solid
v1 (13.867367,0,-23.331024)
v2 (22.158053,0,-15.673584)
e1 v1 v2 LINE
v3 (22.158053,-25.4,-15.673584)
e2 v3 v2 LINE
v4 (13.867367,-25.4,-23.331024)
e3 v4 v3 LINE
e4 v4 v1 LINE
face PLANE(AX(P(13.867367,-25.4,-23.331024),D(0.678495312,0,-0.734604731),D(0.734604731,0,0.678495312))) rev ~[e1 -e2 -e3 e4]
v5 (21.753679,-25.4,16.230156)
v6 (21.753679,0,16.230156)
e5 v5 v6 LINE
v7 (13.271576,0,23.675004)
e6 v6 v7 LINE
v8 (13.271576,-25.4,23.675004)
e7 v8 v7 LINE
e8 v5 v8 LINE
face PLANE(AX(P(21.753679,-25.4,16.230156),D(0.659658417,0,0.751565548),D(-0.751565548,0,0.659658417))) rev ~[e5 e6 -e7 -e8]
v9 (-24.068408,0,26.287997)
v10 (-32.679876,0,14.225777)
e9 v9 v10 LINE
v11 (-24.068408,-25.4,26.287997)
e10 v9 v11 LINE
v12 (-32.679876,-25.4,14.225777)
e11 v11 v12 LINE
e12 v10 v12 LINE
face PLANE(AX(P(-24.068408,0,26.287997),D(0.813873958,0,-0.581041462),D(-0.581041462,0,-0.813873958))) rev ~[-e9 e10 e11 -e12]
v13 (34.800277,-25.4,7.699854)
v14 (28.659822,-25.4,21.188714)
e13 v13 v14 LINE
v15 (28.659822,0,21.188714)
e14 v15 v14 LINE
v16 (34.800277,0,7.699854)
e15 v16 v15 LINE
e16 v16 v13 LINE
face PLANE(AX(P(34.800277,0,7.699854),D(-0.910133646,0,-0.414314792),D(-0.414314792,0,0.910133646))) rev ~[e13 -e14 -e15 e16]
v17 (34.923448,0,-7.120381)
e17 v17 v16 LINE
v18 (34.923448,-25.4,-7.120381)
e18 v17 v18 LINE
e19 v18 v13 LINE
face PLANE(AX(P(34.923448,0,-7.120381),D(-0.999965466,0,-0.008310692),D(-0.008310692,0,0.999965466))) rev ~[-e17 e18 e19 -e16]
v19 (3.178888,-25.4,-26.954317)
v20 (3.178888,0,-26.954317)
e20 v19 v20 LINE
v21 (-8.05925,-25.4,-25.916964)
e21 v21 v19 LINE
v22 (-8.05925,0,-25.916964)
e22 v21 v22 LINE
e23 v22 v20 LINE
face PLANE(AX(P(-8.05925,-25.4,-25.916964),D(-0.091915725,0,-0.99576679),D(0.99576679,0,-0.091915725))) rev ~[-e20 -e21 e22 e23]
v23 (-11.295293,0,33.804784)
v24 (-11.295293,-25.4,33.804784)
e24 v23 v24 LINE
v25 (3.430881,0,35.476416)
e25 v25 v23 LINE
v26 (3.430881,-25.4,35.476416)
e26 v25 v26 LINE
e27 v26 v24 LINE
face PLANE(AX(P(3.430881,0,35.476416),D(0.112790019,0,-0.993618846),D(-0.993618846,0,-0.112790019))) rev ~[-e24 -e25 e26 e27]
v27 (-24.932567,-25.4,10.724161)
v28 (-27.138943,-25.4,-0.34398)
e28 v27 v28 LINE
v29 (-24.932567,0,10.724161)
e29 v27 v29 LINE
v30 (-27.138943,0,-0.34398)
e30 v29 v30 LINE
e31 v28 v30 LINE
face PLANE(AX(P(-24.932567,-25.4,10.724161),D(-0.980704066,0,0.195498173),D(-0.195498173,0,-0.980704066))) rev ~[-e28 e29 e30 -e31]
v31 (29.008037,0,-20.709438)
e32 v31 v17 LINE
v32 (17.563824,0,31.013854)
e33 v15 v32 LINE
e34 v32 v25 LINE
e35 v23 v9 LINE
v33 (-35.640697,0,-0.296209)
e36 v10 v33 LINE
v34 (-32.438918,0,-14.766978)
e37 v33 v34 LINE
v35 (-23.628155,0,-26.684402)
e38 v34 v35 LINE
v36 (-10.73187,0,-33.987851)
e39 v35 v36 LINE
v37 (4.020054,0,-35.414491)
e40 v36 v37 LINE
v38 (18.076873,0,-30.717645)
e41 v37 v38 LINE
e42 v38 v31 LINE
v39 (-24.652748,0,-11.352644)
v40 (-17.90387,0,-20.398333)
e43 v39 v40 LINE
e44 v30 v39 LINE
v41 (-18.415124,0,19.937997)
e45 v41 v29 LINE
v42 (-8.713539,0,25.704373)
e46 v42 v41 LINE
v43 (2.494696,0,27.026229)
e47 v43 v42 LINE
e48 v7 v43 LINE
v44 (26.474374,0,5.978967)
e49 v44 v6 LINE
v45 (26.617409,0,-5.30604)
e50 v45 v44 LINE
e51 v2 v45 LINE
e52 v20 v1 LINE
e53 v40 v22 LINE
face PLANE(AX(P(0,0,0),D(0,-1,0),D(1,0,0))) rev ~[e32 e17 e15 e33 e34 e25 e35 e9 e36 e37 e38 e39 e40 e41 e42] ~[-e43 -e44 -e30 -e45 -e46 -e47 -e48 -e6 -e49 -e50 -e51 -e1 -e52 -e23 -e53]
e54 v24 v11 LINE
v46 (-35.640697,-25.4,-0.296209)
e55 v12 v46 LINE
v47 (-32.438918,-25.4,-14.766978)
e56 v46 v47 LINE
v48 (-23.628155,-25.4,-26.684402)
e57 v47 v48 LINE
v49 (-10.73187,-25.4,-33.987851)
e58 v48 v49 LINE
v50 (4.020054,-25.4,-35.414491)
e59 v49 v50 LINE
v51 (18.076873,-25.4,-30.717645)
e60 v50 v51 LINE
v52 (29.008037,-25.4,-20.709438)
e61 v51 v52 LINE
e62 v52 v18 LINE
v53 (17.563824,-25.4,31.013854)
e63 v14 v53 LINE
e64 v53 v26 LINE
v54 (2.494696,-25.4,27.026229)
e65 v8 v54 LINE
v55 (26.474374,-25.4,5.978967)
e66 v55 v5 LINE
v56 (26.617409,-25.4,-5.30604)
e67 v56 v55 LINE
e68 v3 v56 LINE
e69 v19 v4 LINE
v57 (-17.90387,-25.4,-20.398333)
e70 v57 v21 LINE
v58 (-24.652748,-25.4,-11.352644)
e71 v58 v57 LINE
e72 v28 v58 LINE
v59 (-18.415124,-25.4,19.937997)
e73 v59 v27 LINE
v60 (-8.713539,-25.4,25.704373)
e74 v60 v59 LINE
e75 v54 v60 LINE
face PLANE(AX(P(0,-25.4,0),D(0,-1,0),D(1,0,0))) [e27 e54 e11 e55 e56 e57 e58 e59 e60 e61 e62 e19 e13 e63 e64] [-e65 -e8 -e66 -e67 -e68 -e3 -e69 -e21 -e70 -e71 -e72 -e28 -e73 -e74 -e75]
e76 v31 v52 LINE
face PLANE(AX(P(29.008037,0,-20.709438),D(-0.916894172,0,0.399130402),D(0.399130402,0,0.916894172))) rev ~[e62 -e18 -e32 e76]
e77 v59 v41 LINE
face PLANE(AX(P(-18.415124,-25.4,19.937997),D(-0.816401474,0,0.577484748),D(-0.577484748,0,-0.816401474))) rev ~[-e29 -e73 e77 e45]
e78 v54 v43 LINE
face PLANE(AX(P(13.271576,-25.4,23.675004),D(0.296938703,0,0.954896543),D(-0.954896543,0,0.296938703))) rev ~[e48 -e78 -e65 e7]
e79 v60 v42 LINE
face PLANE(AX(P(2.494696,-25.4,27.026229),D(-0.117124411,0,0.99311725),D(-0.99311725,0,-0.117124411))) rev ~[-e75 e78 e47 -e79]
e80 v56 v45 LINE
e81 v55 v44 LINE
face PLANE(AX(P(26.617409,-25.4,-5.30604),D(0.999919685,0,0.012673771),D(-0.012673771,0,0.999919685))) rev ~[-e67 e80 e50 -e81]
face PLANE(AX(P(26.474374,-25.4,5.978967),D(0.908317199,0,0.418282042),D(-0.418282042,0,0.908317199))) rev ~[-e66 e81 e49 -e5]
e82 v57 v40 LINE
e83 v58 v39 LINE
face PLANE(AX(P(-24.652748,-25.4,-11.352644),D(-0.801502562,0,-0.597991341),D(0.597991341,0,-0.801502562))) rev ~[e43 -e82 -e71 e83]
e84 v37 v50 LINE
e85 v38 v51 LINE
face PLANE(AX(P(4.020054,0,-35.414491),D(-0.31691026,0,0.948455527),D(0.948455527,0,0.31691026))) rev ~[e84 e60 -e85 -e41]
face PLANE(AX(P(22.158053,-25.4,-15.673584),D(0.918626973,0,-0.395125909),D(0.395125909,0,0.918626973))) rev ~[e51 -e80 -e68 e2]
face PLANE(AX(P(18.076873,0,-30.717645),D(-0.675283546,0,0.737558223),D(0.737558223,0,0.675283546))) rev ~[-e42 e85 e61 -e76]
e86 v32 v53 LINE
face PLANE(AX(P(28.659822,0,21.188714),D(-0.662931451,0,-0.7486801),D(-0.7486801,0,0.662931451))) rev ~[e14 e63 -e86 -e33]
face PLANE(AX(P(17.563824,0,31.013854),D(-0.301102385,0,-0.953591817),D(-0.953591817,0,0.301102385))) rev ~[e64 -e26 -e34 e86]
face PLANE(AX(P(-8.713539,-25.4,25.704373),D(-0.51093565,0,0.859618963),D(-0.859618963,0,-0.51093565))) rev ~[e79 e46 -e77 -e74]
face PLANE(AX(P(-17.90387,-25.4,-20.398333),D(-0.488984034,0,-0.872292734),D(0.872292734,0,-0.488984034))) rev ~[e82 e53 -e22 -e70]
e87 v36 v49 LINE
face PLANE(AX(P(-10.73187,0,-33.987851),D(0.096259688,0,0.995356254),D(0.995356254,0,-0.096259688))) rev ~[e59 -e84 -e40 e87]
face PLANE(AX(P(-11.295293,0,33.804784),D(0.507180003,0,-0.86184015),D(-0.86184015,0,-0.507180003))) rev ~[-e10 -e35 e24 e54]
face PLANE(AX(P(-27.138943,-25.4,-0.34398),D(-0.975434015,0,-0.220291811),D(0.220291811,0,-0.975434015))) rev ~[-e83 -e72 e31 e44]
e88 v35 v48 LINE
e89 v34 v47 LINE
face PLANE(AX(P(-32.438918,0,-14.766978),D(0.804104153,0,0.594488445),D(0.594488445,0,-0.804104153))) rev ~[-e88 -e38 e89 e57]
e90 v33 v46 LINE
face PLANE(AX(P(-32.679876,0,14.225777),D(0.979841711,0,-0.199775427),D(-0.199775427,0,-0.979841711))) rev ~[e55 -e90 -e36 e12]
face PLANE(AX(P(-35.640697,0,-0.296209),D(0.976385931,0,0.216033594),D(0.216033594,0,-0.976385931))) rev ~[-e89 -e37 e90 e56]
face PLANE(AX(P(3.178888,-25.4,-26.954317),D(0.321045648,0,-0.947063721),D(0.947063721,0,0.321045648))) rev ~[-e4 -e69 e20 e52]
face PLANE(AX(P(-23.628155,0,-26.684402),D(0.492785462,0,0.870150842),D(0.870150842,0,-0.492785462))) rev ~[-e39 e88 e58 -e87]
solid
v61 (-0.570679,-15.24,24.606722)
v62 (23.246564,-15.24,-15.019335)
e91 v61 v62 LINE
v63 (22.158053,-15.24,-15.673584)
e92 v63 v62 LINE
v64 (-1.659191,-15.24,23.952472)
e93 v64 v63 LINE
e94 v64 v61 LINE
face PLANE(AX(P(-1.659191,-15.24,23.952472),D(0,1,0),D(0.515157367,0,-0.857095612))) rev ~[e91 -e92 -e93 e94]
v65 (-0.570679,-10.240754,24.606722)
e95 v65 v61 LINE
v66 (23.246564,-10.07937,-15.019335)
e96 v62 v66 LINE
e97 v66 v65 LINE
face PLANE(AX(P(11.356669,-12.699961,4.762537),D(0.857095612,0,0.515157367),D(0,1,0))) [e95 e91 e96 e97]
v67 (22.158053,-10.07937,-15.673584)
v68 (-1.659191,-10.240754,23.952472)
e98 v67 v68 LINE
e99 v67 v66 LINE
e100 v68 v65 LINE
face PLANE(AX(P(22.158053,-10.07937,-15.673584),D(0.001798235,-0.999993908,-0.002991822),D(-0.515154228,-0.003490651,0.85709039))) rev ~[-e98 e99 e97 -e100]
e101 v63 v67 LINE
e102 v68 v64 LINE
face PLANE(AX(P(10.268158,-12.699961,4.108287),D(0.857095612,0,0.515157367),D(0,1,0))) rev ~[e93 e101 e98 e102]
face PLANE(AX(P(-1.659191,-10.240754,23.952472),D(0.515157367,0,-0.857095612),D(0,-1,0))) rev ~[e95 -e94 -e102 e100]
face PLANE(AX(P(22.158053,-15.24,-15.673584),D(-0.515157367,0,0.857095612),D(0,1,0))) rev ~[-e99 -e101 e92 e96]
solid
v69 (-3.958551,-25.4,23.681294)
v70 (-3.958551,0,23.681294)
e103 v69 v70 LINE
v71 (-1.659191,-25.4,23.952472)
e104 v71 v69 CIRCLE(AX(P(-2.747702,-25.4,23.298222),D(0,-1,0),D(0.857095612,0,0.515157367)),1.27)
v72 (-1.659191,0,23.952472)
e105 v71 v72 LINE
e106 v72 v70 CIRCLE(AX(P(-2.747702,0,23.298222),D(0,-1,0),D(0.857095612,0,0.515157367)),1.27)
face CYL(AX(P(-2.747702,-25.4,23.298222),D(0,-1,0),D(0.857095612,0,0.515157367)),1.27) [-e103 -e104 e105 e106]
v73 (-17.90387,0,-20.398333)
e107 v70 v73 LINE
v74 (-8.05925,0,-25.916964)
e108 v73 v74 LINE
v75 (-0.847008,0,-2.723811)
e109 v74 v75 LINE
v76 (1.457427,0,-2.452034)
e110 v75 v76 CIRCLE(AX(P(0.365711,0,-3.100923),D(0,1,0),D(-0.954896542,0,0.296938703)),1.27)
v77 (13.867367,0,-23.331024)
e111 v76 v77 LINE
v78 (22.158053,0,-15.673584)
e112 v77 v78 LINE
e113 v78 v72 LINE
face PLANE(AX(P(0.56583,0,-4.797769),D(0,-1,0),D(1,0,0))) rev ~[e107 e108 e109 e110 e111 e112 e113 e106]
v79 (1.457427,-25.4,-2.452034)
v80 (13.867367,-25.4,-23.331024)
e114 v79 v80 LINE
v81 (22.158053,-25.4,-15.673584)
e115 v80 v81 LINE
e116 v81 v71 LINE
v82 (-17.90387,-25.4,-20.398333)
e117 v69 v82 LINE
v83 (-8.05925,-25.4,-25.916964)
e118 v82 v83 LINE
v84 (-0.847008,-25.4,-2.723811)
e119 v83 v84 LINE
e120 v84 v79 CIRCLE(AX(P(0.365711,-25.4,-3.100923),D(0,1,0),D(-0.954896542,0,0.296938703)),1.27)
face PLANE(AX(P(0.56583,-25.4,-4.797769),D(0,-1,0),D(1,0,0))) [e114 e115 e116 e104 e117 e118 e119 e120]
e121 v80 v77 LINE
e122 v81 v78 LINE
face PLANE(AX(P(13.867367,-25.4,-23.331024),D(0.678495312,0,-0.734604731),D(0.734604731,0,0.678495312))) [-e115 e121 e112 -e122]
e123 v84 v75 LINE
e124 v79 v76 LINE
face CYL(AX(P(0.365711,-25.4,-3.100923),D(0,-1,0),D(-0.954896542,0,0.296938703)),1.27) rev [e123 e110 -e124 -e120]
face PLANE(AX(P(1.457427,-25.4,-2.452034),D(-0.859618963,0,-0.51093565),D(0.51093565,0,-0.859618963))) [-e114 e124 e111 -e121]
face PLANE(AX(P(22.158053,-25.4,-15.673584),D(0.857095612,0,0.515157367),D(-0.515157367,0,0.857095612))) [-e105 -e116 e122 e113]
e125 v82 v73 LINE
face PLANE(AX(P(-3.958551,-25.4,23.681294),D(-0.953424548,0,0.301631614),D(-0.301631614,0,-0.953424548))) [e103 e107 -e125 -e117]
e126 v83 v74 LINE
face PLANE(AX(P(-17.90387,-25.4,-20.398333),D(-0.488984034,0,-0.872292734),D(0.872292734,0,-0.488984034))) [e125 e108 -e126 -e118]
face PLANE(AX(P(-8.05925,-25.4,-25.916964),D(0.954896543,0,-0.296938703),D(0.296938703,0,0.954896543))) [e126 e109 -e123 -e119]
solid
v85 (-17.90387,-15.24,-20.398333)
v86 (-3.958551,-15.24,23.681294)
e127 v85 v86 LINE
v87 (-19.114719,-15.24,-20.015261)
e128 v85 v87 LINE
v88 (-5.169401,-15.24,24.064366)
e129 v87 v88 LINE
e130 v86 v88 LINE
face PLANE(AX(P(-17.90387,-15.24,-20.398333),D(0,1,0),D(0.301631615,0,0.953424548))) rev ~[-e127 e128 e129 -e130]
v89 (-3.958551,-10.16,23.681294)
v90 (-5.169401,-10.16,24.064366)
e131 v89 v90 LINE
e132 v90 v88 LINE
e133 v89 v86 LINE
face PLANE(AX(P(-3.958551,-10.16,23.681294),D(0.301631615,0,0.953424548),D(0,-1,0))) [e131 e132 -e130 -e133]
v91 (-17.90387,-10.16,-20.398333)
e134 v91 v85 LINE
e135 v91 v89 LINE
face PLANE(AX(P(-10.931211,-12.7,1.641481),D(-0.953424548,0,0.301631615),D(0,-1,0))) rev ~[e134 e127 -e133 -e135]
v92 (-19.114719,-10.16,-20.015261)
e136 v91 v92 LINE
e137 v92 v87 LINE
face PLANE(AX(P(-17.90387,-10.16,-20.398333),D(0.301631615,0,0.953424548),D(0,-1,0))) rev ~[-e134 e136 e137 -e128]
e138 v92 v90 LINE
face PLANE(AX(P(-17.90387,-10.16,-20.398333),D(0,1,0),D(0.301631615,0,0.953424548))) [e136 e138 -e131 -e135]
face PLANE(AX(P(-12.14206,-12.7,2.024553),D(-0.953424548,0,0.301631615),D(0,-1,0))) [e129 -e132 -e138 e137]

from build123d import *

# Parameters (mm, degrees)
F1_DEPTH = 25.4
F3_DEPTH = 25.4
F5_DEPTH = 25.4
F6_W     = 5.08
F6_H     = 46.232947318
F7_DEPTH = 1.27
F9_DEPTH = 1.27


with BuildPart() as f1:
    # F0 (on Front) → F1 (new body)
    with BuildSketch(Plane.XZ):
        Polygon((-11.2952926929, 33.8047836351), (-24.068407548, 26.287997104), (-32.6798760834, 14.2257770546), (-35.6406971566, -0.2962090846), (-32.4389179059, -14.7669779821), (-23.628155051, -26.6844022328), (-10.7318695327, -33.9878509172), (4.0200537238, -35.4144914081), (18.0768731704, -30.7176446039), (29.0080370226, -20.7094379868), (34.9234477439, -7.1203814023), (34.8002770806, 7.6998538132), (28.6598223596, 21.1887143534), (17.5638239862, 31.0138536885), (3.4308808833, 35.4764159689), align=None)
    extrude(amount=F1_DEPTH)

    # F2 (on face) → F3 (cut)
    with BuildSketch(Plane.XZ.offset(25.4)):
        Polygon((2.4946959605, 27.0262285687), (-8.7135393202, 25.7043726067), (-18.4151244923, 19.937997104), (-24.9325673436, 10.724160771), (-27.1389427959, -0.3439803852), (-24.6527484893, -11.3526442079), (-17.9038700056, -20.3983327115), (-8.0592497465, -25.9169641762), (3.1788880099, -26.9543170866), (13.86736715, -23.3310237005), (22.1580525288, -15.6735843609), (26.6174093258, -5.3060398952), (26.4743742388, 5.9789670722), (21.7536793338, 16.2301563156), (13.271575646, 23.6750040857), align=None)
    extrude(amount=-F3_DEPTH, mode=Mode.SUBTRACT)


with BuildPart() as f5:
    # F4 (on face) → F5 (new body)
    with BuildSketch(Plane.XZ.offset(25.4)):
        with BuildLine():
            Line((-17.9038700056, -20.3983327115), (-8.0592497465, -25.9169641762))
            Line((-8.0592497465, -25.9169641762), (-0.847007762, -2.7238105922))
            ThreePointArc((-0.847007762, -2.7238105922), (0.2169628448, -1.839663837), (1.4574269298, -2.4520344686))
            Line((1.4574269298, -2.4520344686), (13.86736715, -23.3310237005))
            Line((13.86736715, -23.3310237005), (22.1580525288, -15.6735843609))
            Line((22.1580525288, -15.6735843609), (-1.6591908606, 23.9524719031))
            ThreePointArc((-1.6591908606, 23.9524719031), (-2.8964502898, 24.5594809551), (-3.9585514638, 23.681294198))
            Line((-3.9585514638, 23.681294198), (-17.9038700056, -20.3983327115))
        make_face()
    extrude(amount=-F5_DEPTH)


with BuildPart() as f7:
    # F6 (on face) → F7 (new body)
    with BuildSketch(Plane(origin=(-10.408733288, 0, 3.2929748162), x_dir=(0, -1, 0), z_dir=(-0.9534245482, 0, 0.3016316145))):
        with Locations((12.7, -1.7321707061)):
            Rectangle(F6_W, F6_H)
    extrude(amount=F7_DEPTH)


with BuildPart() as f9:
    # F8 (on face) → F9 (new body)
    with BuildSketch(Plane(origin=(9.3570903346, 0, 5.6240796821), x_dir=(0, 1, 0), z_dir=(0.8570956117, 0, 0.5151573666))):
        Polygon((-10.2407539417, 21.3843029529), (-15.24, 21.3843029529), (-15.24, -24.8486443651), (-10.0793698555, -24.8486443651), align=None)
    extrude(amount=F9_DEPTH)


solid = Compound([f1.part, f5.part, f7.part, f9.part])
